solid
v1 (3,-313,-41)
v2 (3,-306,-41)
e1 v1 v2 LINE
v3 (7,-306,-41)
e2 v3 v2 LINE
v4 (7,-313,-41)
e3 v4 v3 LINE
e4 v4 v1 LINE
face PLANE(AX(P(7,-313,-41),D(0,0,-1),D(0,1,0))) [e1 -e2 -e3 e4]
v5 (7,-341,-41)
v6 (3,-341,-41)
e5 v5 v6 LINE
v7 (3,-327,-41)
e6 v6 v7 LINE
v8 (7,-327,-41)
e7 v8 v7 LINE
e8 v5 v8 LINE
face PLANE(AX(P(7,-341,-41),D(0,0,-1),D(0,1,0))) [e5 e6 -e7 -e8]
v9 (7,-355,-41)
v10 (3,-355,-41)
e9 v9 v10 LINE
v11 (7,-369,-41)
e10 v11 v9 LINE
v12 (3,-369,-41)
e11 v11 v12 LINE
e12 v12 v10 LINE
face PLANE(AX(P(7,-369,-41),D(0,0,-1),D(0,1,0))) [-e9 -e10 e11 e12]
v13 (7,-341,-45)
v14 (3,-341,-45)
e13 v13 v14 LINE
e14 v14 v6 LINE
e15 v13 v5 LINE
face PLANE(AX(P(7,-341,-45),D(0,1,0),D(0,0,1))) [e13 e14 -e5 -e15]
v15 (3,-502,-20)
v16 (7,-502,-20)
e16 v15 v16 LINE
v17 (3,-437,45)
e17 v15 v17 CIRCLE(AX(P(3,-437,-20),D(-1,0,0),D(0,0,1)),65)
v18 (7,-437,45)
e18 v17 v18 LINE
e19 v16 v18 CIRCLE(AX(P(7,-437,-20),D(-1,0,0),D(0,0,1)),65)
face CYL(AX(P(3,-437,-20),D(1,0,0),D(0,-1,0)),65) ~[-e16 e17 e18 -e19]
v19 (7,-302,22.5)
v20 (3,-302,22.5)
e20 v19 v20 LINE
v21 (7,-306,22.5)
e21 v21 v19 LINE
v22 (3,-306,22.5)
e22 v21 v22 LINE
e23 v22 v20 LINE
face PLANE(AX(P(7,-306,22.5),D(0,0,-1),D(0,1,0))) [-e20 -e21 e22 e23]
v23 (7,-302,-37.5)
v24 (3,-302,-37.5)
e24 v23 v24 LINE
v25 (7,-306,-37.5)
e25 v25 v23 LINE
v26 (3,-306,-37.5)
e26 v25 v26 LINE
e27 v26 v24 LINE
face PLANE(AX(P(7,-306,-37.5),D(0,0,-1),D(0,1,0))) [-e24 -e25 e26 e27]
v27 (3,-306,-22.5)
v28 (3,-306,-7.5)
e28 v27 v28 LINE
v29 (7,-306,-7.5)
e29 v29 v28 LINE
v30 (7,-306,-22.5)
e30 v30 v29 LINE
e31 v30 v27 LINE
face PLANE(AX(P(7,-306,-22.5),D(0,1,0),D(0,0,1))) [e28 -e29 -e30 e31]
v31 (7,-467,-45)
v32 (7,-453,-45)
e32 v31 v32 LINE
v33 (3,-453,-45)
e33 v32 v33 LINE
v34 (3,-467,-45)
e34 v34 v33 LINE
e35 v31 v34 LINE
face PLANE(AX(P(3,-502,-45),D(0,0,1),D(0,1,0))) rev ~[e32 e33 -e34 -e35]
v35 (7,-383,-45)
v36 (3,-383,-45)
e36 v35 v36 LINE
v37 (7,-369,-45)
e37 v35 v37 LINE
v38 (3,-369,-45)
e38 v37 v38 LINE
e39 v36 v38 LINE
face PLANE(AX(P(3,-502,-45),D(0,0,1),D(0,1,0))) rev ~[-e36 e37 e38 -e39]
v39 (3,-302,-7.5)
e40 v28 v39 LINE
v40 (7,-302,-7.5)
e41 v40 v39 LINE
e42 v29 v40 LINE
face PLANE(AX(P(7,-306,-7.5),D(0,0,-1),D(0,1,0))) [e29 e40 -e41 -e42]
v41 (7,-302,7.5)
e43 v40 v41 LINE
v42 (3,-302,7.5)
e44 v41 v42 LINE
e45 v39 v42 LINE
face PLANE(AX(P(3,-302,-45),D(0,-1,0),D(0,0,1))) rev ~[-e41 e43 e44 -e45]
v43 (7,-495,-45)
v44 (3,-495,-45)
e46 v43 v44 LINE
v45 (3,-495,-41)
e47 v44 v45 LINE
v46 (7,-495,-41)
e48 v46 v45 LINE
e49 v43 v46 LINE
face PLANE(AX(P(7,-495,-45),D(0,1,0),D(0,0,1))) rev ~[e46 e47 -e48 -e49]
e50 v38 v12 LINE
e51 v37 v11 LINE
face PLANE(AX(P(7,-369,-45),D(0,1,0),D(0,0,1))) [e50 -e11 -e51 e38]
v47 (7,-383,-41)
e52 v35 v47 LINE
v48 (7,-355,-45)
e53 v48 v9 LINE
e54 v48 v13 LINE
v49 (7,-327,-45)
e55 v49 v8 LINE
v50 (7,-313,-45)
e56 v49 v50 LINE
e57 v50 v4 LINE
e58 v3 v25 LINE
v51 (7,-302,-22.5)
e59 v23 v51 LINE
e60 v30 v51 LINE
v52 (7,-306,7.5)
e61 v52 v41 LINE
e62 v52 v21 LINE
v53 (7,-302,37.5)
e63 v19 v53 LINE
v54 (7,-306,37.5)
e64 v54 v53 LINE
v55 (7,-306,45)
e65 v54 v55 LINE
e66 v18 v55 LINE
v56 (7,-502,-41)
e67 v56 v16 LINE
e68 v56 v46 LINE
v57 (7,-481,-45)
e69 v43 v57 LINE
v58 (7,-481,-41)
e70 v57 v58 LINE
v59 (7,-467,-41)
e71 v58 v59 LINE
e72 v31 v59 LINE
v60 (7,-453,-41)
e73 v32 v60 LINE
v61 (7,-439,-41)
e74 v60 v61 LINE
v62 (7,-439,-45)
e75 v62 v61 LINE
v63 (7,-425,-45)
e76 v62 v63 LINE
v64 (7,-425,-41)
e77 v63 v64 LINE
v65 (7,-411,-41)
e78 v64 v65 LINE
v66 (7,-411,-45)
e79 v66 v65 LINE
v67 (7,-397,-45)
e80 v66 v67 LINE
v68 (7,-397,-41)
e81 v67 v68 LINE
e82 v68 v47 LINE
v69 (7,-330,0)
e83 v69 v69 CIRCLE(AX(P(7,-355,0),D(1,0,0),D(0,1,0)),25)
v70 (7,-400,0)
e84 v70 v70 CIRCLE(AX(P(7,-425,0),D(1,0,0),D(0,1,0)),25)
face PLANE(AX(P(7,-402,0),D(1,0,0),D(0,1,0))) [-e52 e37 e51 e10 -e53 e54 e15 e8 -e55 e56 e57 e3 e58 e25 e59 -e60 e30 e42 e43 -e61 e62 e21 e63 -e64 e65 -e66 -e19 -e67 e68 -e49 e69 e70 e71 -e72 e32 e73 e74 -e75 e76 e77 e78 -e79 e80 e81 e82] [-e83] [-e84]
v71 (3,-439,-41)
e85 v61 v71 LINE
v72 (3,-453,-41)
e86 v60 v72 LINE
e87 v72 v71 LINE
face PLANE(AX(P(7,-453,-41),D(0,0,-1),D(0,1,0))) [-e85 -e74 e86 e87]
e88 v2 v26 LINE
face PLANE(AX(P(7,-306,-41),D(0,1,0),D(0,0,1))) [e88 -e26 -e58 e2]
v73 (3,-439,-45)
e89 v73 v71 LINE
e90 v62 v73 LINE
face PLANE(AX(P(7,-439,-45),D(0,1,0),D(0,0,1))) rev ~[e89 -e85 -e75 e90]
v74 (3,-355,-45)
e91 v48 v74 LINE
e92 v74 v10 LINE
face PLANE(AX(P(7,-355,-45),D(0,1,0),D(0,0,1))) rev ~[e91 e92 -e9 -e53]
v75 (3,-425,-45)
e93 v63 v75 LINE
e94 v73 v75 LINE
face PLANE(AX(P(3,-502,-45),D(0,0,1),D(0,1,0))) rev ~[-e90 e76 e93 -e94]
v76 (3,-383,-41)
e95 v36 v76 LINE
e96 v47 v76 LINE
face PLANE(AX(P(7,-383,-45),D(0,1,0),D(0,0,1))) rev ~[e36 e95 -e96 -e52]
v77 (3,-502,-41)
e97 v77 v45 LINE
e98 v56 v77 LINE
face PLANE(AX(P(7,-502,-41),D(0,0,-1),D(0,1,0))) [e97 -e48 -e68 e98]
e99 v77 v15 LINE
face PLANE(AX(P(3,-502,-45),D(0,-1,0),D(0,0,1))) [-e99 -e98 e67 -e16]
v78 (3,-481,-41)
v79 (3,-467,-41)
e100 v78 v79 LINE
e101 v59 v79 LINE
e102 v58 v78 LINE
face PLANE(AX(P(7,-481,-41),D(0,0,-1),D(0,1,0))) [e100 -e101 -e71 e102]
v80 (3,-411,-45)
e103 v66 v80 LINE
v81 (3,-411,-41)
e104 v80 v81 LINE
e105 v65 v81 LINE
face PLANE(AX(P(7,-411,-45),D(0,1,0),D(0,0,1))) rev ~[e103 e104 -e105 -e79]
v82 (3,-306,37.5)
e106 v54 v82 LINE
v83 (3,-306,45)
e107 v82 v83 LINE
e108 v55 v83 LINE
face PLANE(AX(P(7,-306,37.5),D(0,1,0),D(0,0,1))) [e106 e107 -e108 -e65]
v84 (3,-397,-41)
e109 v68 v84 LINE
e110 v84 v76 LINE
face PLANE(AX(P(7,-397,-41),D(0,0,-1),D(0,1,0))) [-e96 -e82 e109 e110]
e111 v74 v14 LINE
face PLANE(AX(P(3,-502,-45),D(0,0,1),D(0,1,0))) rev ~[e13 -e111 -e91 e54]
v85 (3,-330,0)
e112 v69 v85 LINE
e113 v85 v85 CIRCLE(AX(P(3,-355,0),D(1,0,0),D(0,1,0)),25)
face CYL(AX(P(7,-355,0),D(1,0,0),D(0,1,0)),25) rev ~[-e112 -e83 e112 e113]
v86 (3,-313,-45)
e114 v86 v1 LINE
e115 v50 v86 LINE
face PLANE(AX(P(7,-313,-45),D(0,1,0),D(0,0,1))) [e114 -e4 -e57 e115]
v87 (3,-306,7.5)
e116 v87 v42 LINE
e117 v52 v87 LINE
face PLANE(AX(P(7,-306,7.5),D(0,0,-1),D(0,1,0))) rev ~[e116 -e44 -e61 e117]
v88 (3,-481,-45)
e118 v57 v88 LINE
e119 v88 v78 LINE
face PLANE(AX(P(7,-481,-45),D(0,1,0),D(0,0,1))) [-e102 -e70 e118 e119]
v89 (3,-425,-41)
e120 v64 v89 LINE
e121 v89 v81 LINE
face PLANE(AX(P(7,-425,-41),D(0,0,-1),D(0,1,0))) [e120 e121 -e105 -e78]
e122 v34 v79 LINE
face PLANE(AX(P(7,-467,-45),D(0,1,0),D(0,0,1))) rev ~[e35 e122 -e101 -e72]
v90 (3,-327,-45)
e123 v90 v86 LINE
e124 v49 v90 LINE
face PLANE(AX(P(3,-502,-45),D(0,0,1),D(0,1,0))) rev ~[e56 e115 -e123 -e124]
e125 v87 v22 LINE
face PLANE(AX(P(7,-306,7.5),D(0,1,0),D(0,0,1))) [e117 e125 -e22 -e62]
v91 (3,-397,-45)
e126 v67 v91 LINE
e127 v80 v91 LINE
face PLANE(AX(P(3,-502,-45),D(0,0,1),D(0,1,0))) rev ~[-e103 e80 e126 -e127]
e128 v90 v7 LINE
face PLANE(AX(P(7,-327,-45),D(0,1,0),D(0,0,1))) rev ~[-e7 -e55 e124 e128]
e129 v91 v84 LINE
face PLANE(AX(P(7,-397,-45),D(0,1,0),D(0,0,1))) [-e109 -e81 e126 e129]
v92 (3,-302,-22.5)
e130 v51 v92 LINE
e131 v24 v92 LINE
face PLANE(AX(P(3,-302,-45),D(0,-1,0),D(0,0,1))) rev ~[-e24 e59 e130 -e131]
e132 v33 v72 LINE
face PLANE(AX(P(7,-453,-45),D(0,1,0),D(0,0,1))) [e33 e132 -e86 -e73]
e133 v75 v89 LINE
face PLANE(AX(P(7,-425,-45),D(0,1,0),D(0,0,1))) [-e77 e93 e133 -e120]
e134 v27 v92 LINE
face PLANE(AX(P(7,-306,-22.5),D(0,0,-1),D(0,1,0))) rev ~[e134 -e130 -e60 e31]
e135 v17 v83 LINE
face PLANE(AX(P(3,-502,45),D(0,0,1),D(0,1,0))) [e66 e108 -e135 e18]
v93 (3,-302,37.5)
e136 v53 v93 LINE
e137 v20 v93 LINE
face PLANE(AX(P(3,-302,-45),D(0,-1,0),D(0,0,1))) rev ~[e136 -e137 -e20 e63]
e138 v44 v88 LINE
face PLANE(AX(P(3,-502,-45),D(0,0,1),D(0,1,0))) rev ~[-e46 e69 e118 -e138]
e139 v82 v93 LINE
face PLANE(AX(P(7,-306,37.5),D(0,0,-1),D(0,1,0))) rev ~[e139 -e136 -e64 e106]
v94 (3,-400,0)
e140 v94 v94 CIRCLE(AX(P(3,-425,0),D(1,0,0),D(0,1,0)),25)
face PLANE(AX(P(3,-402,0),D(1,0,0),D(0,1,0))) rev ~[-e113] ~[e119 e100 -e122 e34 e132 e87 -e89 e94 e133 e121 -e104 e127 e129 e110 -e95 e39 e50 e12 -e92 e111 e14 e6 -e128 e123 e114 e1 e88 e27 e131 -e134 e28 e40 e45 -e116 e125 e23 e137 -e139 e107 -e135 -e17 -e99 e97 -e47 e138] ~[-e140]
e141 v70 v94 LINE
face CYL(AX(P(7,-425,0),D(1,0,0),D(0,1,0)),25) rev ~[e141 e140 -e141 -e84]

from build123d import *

# Parameters (mm, degrees)
SKETCH079_W     = 200
SKETCH079_H     = 90
PAD039_DEPTH    = 4
SKETCH078_R     = 25
SKETCH078_W     = 7
SKETCH078_H     = 4
SKETCH078_W_2   = 14
SKETCH078_W_3   = 4
SKETCH078_H_2   = 15
SKETCH078_H_3   = 7.5
POCKET035_DEPTH = 4
FILLET004_R     = 65


with BuildPart() as part:
    # Sketch079 → Pad039 (new body)
    with BuildSketch(Plane.YZ):
        Rectangle(SKETCH079_W, SKETCH079_H)
    extrude(amount=PAD039_DEPTH)

    # Sketch078 (on Face6 of Pad039) → Pocket035 (cut)
    with BuildSketch(Plane.YZ.offset(4)):
        with Locations((-23, 0)):
            Circle(SKETCH078_R)
        with Locations((47, 0)):
            Circle(SKETCH078_R)
        with Locations((-96.5, -43)):
            Rectangle(SKETCH078_W, SKETCH078_H)
        with Locations((-72, -43)):
            Rectangle(SKETCH078_W_2, SKETCH078_H)
        with Locations((-44, -43)):
            Rectangle(SKETCH078_W_2, SKETCH078_H)
        with Locations((-16, -43)):
            Rectangle(SKETCH078_W_2, SKETCH078_H)
        with Locations((12, -43)):
            Rectangle(SKETCH078_W_2, SKETCH078_H)
        with Locations((40, -43)):
            Rectangle(SKETCH078_W_2, SKETCH078_H)
        with Locations((68, -43)):
            Rectangle(SKETCH078_W_2, SKETCH078_H)
        with Locations((98, -15)):
            Rectangle(SKETCH078_W_3, SKETCH078_H_2)
        with Locations((98, 15)):
            Rectangle(SKETCH078_W_3, SKETCH078_H_2)
        with Locations((98, 41.25)):
            Rectangle(SKETCH078_W_3, SKETCH078_H_3)
        Polygon((89, -45), (89, -41), (96, -41), (96, -37.5), (100, -37.5), (100, -45), align=None)
    extrude(amount=-POCKET035_DEPTH, mode=Mode.SUBTRACT)

    # Fillet004
    fillet004_edges = [part.edges().sort_by_distance(p)[0] for p in [
        (2, -100, 45),
    ]]
    fillet(fillet004_edges, radius=FILLET004_R)


with BuildPart() as part_1:
    # Body039 placement: moved
    add(part.part.moved(Location((3, -402, 0))))


solid = part_1.part
